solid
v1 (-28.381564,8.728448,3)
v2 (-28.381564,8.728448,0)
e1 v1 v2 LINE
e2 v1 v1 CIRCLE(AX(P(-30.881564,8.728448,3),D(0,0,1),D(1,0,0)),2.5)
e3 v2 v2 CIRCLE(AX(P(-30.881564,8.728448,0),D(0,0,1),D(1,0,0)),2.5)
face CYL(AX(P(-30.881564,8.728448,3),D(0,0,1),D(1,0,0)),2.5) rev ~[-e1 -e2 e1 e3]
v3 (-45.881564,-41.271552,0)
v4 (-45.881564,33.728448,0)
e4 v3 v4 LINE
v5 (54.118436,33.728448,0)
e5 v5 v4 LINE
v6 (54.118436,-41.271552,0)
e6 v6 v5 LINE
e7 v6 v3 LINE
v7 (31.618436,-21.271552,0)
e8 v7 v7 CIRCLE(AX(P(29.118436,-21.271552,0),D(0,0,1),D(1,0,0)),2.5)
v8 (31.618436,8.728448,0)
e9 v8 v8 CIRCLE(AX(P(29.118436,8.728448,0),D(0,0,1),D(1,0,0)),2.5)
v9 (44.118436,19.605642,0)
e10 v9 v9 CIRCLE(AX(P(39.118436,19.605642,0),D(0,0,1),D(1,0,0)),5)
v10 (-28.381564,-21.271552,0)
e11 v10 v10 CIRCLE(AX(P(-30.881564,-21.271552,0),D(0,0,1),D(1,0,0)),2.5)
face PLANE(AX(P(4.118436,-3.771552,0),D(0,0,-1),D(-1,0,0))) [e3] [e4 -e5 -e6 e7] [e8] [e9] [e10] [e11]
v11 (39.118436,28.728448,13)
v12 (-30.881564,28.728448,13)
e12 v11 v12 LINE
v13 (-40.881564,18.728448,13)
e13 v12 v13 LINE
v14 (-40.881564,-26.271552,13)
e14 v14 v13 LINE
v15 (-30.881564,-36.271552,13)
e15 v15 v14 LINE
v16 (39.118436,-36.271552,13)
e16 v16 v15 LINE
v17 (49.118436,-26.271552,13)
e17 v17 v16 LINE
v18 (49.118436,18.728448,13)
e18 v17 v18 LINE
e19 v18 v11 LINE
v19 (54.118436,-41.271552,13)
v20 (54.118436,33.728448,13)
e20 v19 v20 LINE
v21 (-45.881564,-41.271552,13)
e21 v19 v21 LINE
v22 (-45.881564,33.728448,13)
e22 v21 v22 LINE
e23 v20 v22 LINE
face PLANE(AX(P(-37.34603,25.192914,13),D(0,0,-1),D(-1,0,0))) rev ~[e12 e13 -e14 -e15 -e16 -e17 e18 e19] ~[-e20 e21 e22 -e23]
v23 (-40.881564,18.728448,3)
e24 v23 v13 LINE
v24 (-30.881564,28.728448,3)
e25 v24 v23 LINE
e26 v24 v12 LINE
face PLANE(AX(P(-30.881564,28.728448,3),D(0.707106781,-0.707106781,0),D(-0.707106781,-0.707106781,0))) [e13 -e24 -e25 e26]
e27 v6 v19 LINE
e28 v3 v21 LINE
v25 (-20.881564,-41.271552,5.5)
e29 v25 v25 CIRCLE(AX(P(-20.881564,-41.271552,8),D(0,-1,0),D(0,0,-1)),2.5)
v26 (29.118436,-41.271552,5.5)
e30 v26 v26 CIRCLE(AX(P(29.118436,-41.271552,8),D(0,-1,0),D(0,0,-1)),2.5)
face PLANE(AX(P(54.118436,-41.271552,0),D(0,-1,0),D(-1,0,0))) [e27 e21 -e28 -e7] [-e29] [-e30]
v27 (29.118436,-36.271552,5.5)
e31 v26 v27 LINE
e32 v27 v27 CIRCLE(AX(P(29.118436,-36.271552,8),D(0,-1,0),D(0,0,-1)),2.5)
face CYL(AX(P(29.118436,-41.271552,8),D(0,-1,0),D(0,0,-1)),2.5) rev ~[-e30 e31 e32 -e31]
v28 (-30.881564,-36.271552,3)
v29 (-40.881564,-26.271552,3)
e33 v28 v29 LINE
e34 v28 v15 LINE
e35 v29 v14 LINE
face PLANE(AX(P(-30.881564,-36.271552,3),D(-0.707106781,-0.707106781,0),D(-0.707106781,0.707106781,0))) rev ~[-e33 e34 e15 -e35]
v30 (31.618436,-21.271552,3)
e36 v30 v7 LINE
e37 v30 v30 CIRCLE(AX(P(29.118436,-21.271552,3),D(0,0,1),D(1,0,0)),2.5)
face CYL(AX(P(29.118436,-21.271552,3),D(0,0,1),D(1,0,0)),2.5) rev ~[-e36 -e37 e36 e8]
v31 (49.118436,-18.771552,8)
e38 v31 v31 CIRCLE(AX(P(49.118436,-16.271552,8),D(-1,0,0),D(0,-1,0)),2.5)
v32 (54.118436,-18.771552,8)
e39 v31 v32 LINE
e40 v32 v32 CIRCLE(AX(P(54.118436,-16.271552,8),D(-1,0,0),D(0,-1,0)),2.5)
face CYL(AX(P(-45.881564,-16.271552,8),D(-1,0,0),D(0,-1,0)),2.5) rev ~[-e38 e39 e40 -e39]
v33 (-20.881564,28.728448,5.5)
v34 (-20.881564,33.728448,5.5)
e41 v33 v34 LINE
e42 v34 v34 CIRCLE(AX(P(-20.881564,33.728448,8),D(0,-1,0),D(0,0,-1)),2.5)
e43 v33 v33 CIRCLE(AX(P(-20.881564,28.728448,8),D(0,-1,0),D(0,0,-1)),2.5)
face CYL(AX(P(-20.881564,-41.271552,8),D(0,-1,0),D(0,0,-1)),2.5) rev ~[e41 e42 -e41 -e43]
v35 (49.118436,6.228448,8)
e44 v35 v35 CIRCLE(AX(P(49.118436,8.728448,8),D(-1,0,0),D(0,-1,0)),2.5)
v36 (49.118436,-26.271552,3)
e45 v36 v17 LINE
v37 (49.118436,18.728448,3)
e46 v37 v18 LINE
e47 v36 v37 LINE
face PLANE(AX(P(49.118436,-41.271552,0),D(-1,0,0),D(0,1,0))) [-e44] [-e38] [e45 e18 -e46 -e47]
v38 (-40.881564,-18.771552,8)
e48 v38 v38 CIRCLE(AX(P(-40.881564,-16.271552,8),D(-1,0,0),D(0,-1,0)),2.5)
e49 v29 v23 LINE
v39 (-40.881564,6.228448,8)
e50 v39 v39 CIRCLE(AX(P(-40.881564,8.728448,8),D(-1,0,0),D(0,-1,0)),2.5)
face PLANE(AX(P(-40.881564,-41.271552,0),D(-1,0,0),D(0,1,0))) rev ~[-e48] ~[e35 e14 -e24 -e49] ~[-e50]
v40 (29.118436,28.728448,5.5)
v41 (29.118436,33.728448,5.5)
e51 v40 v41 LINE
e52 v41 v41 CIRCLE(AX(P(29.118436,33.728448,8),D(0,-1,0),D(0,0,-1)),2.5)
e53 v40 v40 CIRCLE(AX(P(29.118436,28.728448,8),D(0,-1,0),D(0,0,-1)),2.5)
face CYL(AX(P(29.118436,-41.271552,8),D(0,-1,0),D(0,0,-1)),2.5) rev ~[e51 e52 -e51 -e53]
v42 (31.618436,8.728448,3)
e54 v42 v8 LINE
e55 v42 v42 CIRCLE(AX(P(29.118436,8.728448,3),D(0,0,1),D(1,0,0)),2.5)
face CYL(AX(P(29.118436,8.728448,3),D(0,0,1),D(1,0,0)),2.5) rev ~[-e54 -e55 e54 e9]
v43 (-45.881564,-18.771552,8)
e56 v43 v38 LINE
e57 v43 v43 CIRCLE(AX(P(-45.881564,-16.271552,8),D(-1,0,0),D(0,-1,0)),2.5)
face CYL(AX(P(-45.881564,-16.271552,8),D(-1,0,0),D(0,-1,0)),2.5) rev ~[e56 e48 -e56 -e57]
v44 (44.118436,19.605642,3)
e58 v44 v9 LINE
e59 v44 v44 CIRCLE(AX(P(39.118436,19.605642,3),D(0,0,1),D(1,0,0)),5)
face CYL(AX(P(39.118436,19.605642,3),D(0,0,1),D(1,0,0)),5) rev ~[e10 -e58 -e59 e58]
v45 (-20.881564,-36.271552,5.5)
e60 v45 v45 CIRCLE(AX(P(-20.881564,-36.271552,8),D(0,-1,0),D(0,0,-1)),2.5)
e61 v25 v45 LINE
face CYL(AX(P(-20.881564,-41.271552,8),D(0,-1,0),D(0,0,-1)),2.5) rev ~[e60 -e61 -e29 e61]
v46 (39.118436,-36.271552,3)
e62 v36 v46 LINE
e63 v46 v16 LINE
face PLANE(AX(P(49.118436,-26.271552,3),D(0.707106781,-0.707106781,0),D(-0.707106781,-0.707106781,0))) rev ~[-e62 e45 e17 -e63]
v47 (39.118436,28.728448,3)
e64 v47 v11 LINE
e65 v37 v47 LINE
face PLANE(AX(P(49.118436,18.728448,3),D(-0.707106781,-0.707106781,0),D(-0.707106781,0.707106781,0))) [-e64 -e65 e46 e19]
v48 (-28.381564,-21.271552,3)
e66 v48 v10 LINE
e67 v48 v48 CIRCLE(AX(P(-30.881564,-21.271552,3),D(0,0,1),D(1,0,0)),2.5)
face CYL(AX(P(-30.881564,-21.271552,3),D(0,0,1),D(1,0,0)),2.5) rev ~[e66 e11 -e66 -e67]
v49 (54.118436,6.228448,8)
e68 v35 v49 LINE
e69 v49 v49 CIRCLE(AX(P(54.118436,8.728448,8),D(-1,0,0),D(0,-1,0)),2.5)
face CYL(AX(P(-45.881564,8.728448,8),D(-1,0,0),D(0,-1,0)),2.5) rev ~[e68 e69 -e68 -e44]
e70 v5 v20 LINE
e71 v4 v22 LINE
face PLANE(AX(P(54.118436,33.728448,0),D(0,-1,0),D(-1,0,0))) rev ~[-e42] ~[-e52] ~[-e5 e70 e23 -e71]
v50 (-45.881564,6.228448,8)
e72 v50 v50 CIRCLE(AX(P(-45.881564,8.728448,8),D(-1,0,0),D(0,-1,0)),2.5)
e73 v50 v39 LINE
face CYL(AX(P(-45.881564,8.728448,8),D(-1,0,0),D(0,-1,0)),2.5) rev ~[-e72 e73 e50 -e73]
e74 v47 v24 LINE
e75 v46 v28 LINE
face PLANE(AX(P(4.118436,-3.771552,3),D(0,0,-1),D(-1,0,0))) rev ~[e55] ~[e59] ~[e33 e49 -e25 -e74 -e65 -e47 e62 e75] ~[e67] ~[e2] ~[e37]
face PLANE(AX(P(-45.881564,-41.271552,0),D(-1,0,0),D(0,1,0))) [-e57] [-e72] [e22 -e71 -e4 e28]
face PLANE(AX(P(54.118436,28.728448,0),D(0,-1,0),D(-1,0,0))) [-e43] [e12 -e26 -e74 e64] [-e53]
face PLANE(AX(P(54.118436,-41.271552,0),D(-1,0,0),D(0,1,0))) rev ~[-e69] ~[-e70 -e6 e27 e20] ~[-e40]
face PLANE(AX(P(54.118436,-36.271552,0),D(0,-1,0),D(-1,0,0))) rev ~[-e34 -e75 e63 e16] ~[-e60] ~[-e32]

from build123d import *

# Parameters (mm, degrees)
BOSS_EXTRU_1_DEPTH        = 13
COQUE1_T                  = -5
COQUE1_THICKNESS_2_FACE_W = 90
COQUE1_THICKNESS_2_FACE_H = 65
COQUE1_THICKNESS_2_DEPTH  = 2
ENL_V_MAT_EXTRU_1_REACH   = 110.96
ESQUISSE2_R               = 2.5
ENL_V_MAT_EXTRU_2_REACH   = 95.396
ESQUISSE3_R               = 2.5
BOSS_EXTRU_2_DEPTH        = 10
ESQUISSE6_R               = 2.5
ESQUISSE6_R_2             = 5
ENL_V_MAT_EXTRU_3_DEPTH   = 3


with BuildPart() as part:
    # Esquisse1 → Boss.-Extru.1 (new body)
    with BuildSketch(Plane.XY):
        Polygon((44.118436308, 33.728448276), (54.118436308, 33.728448276), (54.118436308, 23.728448276), (54.118436308, -41.271551724), (-45.881563692, -41.271551724), (-45.881563692, 33.728448276), align=None)
    extrude(amount=BOSS_EXTRU_1_DEPTH)

    # Coque1
    coque1_openings = [part.faces().sort_by_distance(p)[0] for p in [
        (4.118436308, -3.771551724, 13),
    ]]
    offset(amount=COQUE1_T, openings=coque1_openings, kind=Kind.INTERSECTION)

    # Coque1 thickness 2 face (on inner face of the shell) → Coque1 thickness 2 (cut)
    with BuildSketch(Plane(origin=(4.118436308, -3.771551724, 5), x_dir=(-1, 0, 0), z_dir=(0, 0, -1))):
        Rectangle(COQUE1_THICKNESS_2_FACE_W, COQUE1_THICKNESS_2_FACE_H)
    extrude(amount=COQUE1_THICKNESS_2_DEPTH, mode=Mode.SUBTRACT)

    # Enlèv. mat.-Extru.1: up to this face of the body (flat: up to its plane)
    enl_v_mat_extru_1_end = Plane(part.part.faces().sort_by_distance((54.118436308, -3.771551724, 6.5))[0])
    # Esquisse2 → Enlèv. mat.-Extru.1 (cut, up to the picked face)
    with BuildSketch(Plane.ZY.offset(45.881563692), mode=Mode.PRIVATE) as enl_v_mat_extru_1_sk1:
        with Locations(Location((8, -16.271551724, 0), (0, 0, 270))):
            Circle(ESQUISSE2_R)
    enl_v_mat_extru_1_tool1 = split(extrude(enl_v_mat_extru_1_sk1.sketch, amount=-ENL_V_MAT_EXTRU_1_REACH, mode=Mode.PRIVATE), bisect_by=enl_v_mat_extru_1_end, keep=Keep.BOTH, mode=Mode.PRIVATE)
    # Esquisse2 → Enlèv. mat.-Extru.1 (cut, up to the picked face)
    with BuildSketch(Plane.ZY.offset(45.881563692), mode=Mode.PRIVATE) as enl_v_mat_extru_1_sk2:
        with Locations(Location((8, 8.728448276, 0), (0, 0, 270))):
            Circle(ESQUISSE2_R)
    enl_v_mat_extru_1_tool2 = split(extrude(enl_v_mat_extru_1_sk2.sketch, amount=-ENL_V_MAT_EXTRU_1_REACH, mode=Mode.PRIVATE), bisect_by=enl_v_mat_extru_1_end, keep=Keep.BOTH, mode=Mode.PRIVATE)
    add(enl_v_mat_extru_1_tool1.solids().sort_by(Axis((-45.881564, -16.271552, 8), (1, 0, 0)))[0], mode=Mode.SUBTRACT)
    add(enl_v_mat_extru_1_tool2.solids().sort_by(Axis((-45.881564, 8.728448, 8), (1, 0, 0)))[0], mode=Mode.SUBTRACT)

    # Enlèv. mat.-Extru.2: up to this face of the body (flat: up to its plane)
    enl_v_mat_extru_2_end = Plane(part.part.faces().sort_by_distance((4.118436308, 33.728448276, 6.5))[0])
    # Esquisse3 → Enlèv. mat.-Extru.2 (cut, up to the picked face)
    with BuildSketch(Plane.XZ.offset(41.271551724), mode=Mode.PRIVATE) as enl_v_mat_extru_2_sk1:
        with Locations(Location((-20.881563692, 8, 0), (0, 0, 270))):
            Circle(ESQUISSE3_R)
    enl_v_mat_extru_2_tool1 = split(extrude(enl_v_mat_extru_2_sk1.sketch, amount=-ENL_V_MAT_EXTRU_2_REACH, mode=Mode.PRIVATE), bisect_by=enl_v_mat_extru_2_end, keep=Keep.BOTH, mode=Mode.PRIVATE)
    # Esquisse3 → Enlèv. mat.-Extru.2 (cut, up to the picked face)
    with BuildSketch(Plane.XZ.offset(41.271551724), mode=Mode.PRIVATE) as enl_v_mat_extru_2_sk2:
        with Locations(Location((29.118436308, 8, 0), (0, 0, 270))):
            Circle(ESQUISSE3_R)
    enl_v_mat_extru_2_tool2 = split(extrude(enl_v_mat_extru_2_sk2.sketch, amount=-ENL_V_MAT_EXTRU_2_REACH, mode=Mode.PRIVATE), bisect_by=enl_v_mat_extru_2_end, keep=Keep.BOTH, mode=Mode.PRIVATE)
    add(enl_v_mat_extru_2_tool1.solids().sort_by(Axis((-20.881564, -41.271552, 8), (0, 1, 0)))[0], mode=Mode.SUBTRACT)
    add(enl_v_mat_extru_2_tool2.solids().sort_by(Axis((29.118436, -41.271552, 8), (0, 1, 0)))[0], mode=Mode.SUBTRACT)

    # Esquisse4 → Boss.-Extru.2 (add)
    with BuildSketch(Plane.XY.offset(3)):
        Polygon((-30.881563692, 28.728448276), (-40.881563692, 18.728448276), (-40.881563692, 28.728448276), align=None)
        Polygon((49.118436308, 28.728448276), (49.118436308, 18.728448276), (39.118436308, 28.728448276), align=None)
        Polygon((49.118436308, -36.271551724), (49.118436308, -26.271551724), (39.118436308, -36.271551724), align=None)
        Polygon((-30.881563692, -36.271551724), (-40.881563692, -26.271551724), (-40.881563692, -36.271551724), align=None)
    extrude(amount=BOSS_EXTRU_2_DEPTH)

    # Esquisse6 → Enlèv. mat.-Extru.3 (cut)
    with BuildSketch(Plane.XY.offset(3)):
        with Locations((-30.881563692, -21.271551724)):
            Circle(ESQUISSE6_R)
        with Locations((29.118436308, -21.271551724)):
            Circle(ESQUISSE6_R)
        with Locations((-30.881563692, 8.728448276)):
            Circle(ESQUISSE6_R)
        with Locations((29.118436308, 8.728448276)):
            Circle(ESQUISSE6_R)
        with Locations((39.118436308, 19.605642263)):
            Circle(ESQUISSE6_R_2)
    extrude(amount=-ENL_V_MAT_EXTRU_3_DEPTH, mode=Mode.SUBTRACT)


solid = part.part
